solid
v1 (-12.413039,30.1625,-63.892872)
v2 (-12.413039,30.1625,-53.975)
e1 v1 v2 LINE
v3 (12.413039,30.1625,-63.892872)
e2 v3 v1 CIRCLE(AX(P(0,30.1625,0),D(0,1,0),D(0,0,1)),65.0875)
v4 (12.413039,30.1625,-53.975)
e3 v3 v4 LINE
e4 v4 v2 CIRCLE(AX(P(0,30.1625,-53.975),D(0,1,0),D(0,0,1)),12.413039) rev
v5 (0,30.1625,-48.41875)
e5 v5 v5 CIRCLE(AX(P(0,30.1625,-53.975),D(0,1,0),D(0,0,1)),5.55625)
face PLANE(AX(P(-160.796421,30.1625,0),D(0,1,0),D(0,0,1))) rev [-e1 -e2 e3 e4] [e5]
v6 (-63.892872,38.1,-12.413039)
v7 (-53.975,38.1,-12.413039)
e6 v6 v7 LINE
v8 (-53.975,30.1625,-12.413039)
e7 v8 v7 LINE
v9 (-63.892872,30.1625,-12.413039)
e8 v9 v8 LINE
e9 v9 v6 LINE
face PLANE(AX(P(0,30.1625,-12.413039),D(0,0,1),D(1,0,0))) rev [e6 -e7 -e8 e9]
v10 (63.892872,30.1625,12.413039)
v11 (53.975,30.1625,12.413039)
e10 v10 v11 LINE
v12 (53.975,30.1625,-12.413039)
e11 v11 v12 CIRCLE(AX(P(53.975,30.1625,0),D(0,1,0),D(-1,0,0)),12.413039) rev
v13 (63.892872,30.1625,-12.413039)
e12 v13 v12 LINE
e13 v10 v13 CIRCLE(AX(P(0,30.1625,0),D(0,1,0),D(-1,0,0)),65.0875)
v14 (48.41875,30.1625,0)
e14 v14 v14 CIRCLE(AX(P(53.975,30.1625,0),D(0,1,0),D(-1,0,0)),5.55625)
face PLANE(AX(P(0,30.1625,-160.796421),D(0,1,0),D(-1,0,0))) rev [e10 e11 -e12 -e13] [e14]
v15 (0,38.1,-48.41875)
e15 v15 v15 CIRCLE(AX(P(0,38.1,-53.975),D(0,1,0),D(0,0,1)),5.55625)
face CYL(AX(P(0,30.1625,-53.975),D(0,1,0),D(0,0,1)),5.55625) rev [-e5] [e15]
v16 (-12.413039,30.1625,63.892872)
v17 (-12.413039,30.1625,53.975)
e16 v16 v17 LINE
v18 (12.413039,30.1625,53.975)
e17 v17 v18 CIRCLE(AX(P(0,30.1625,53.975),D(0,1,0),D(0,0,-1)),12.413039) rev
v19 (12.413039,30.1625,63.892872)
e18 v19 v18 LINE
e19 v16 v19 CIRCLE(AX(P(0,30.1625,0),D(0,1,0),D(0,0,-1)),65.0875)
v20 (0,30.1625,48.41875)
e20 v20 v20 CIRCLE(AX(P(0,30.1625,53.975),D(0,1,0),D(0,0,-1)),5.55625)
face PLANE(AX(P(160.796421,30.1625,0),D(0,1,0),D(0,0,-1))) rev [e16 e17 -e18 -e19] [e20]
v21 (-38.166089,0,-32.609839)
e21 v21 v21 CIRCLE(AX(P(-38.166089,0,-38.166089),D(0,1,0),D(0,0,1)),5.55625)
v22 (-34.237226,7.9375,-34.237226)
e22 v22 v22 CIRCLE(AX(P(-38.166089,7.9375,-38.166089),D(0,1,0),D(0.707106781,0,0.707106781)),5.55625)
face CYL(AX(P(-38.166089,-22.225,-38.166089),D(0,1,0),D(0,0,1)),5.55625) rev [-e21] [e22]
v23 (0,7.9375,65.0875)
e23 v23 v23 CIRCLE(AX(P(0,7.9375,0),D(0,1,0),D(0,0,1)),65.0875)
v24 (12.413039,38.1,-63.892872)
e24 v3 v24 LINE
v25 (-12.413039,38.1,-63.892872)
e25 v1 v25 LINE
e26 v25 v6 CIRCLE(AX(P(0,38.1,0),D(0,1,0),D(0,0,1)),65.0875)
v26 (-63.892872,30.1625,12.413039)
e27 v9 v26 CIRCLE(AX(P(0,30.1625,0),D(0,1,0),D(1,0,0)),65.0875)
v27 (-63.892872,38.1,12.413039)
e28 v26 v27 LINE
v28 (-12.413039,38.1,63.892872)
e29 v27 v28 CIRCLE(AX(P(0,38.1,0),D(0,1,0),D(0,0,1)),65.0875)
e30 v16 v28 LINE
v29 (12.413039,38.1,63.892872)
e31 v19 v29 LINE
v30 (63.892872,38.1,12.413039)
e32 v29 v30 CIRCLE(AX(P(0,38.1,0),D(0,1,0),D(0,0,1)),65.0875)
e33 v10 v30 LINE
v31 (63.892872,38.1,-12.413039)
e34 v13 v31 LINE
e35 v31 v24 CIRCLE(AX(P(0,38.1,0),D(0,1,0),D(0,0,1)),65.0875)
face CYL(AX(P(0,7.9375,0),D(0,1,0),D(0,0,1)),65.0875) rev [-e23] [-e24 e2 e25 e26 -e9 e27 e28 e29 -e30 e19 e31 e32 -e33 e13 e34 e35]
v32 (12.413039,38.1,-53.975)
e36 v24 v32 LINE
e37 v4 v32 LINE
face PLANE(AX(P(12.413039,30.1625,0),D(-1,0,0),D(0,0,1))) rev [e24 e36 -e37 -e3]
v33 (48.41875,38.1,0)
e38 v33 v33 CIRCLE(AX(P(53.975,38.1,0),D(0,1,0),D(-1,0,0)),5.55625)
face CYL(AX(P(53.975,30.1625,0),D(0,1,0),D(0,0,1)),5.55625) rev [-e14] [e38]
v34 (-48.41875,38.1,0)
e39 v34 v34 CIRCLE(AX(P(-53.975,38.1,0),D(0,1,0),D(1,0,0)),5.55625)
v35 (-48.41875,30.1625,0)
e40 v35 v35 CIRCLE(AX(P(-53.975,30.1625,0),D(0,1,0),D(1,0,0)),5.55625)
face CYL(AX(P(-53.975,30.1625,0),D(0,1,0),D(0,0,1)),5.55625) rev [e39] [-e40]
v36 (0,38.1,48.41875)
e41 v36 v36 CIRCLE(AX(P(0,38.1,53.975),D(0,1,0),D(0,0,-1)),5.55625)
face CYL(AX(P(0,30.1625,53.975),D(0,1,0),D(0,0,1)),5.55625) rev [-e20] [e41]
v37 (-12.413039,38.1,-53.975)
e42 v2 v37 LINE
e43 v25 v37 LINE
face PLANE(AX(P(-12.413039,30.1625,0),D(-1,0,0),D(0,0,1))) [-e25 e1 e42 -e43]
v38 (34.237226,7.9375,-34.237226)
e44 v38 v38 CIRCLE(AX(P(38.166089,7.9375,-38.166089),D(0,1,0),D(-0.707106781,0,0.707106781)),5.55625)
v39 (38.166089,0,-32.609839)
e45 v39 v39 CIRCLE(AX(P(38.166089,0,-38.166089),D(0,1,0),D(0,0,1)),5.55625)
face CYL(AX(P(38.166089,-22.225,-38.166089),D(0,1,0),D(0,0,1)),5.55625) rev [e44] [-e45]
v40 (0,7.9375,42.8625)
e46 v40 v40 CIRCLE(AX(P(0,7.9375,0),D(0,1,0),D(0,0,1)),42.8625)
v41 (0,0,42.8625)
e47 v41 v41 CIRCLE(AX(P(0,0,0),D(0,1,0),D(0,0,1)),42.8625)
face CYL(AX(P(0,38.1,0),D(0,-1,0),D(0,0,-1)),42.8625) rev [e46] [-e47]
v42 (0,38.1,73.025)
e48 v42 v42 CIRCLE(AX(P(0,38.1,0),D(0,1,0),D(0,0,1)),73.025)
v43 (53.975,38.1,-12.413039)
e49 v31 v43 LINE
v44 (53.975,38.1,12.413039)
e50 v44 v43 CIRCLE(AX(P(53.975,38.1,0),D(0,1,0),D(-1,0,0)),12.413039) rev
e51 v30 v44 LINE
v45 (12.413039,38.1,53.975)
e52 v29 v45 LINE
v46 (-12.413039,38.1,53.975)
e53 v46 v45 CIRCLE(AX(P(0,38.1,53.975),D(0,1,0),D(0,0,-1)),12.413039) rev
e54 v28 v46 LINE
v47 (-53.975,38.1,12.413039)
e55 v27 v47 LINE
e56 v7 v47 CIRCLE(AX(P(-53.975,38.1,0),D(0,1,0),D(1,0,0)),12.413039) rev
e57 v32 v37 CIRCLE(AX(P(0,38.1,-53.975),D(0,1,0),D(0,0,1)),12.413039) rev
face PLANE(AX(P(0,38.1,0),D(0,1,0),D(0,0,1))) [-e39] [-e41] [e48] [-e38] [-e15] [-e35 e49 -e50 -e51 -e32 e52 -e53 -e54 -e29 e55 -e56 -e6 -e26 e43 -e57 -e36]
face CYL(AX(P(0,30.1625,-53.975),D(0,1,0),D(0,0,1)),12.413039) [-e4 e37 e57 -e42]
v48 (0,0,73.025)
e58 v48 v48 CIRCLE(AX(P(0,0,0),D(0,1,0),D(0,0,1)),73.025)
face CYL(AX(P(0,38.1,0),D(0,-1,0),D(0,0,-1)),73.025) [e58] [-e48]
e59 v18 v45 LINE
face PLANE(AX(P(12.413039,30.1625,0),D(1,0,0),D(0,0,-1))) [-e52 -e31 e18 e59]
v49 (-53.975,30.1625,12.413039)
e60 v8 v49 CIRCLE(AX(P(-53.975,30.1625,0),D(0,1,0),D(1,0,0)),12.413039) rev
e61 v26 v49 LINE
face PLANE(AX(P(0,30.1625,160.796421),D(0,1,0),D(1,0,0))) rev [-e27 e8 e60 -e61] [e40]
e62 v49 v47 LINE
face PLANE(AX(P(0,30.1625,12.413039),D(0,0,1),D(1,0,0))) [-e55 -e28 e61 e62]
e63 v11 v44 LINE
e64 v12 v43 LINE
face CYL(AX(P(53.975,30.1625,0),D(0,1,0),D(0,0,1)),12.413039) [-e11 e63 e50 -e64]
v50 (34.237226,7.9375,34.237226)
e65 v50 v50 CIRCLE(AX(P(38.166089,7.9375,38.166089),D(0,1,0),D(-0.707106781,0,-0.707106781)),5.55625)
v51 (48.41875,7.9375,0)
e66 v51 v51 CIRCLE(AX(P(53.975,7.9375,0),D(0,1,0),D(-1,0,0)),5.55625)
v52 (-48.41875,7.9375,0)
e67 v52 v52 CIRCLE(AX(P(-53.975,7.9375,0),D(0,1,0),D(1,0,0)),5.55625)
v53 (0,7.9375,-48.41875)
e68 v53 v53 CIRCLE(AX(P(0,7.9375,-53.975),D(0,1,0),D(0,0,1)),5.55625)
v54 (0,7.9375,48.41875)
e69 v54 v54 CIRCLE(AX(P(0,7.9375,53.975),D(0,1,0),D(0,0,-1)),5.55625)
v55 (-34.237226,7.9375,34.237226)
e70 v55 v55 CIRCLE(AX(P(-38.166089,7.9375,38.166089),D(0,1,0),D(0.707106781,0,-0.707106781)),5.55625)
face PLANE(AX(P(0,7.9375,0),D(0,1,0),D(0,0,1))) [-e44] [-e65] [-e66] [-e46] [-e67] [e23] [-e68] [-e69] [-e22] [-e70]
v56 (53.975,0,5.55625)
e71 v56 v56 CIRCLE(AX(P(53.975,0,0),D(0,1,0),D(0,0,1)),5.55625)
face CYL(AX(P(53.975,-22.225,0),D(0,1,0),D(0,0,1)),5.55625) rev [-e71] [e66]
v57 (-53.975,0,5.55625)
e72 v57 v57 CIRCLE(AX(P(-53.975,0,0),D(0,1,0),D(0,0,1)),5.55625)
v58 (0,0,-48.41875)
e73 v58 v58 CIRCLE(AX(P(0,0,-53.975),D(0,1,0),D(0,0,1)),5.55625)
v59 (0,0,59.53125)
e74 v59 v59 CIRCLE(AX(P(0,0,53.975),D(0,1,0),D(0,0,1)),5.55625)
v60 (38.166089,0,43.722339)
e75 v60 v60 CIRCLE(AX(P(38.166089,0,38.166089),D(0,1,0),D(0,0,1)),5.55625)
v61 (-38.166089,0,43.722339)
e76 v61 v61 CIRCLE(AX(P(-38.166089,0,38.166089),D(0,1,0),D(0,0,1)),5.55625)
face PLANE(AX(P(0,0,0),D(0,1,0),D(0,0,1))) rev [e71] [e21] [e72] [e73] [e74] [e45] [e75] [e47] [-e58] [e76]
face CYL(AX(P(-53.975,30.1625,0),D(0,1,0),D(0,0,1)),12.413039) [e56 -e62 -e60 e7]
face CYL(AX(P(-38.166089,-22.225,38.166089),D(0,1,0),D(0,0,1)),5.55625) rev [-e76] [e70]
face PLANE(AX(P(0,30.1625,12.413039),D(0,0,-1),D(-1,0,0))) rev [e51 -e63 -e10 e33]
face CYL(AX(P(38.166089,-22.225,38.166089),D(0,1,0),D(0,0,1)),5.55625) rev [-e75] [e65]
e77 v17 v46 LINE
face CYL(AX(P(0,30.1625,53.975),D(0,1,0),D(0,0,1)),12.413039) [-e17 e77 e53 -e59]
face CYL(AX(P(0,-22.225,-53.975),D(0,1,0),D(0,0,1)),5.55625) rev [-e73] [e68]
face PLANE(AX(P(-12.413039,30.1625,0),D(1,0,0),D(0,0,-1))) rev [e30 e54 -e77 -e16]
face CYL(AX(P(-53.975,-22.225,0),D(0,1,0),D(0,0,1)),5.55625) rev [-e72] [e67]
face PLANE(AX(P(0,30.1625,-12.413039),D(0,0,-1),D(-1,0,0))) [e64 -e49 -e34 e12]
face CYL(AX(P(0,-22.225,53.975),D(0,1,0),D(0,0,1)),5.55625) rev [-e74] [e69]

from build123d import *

# Parameters (mm, degrees)
SKETCH1_R          = 73.025
SKETCH1_R_2        = 42.8625
EXTRUDE1_DEPTH     = 38.1
SKETCH2_R          = 65.0875
CUT_EXTRUDE1_DEPTH = 30.1625
SKETCH3_R          = 5.55625
CUT_EXTRUDE2_DEPTH = 30.1625
CIRPATTERN1_COUNT  = 8
SKETCH5_R          = 5.55625
EXTRUDE2_DEPTH     = 7.9375
CIRPATTERN2_COUNT  = 4


with BuildPart() as part:
    # Sketch1 → Extrude1 (new body)
    with BuildSketch(Plane(origin=(0, 0, 0), x_dir=(1, 0, 0), z_dir=(0, 1, 0))):
        Circle(SKETCH1_R)
        Circle(SKETCH1_R_2, mode=Mode.SUBTRACT)
    extrude(amount=EXTRUDE1_DEPTH)

    # Sketch2 → Cut-Extrude1 (cut)
    with BuildSketch(Plane(origin=(0, 38.1, 0), x_dir=(-1, 0, 0), z_dir=(0, 1, 0))):
        Circle(SKETCH2_R)
    extrude(amount=-CUT_EXTRUDE1_DEPTH, mode=Mode.SUBTRACT)

    # Sketch3 → Cut-Extrude2 (cut)
    with BuildSketch(Plane(origin=(0, 7.9375, 0), x_dir=(-1, 0, 0), z_dir=(0, 1, 0))):
        with Locations((0, -53.975)):
            Circle(SKETCH3_R)
    cut_extrude2 = extrude(amount=-CUT_EXTRUDE2_DEPTH, mode=Mode.SUBTRACT)

    # CirPattern1: Cut-Extrude2 ×8 about axis
    cirpattern1_axis = Axis((0, 0, 0), (0, 1, 0))
    for i in range(1, CIRPATTERN1_COUNT):
        add(cut_extrude2.rotate(cirpattern1_axis, i * 360 / CIRPATTERN1_COUNT), mode=Mode.SUBTRACT)

    # Sketch5 → Extrude2 (add)
    with BuildSketch(Plane(origin=(0, 38.1, 0), x_dir=(-1, 0, 0), z_dir=(0, 1, 0))):
        with BuildLine():
            ThreePointArc((-12.413038972, -63.892872214), (0, -65.0875), (12.413038972, -63.892872214))
            Line((12.413038972, -63.892872214), (12.413038972, -53.975))
            ThreePointArc((12.413038972, -53.975), (0, -41.561961028), (-12.413038972, -53.975))
            Line((-12.413038972, -53.975), (-12.413038972, -63.892872214))
        make_face()
        with Locations((0, -53.975)):
            Circle(SKETCH5_R, mode=Mode.SUBTRACT)
    extrude2 = extrude(amount=-EXTRUDE2_DEPTH)

    # CirPattern2: Extrude2 ×4 about axis
    cirpattern2_axis = Axis((0, 0, 0), (0, 1, 0))
    for i in range(1, CIRPATTERN2_COUNT):
        add(extrude2.rotate(cirpattern2_axis, i * 360 / CIRPATTERN2_COUNT))


solid = part.part
